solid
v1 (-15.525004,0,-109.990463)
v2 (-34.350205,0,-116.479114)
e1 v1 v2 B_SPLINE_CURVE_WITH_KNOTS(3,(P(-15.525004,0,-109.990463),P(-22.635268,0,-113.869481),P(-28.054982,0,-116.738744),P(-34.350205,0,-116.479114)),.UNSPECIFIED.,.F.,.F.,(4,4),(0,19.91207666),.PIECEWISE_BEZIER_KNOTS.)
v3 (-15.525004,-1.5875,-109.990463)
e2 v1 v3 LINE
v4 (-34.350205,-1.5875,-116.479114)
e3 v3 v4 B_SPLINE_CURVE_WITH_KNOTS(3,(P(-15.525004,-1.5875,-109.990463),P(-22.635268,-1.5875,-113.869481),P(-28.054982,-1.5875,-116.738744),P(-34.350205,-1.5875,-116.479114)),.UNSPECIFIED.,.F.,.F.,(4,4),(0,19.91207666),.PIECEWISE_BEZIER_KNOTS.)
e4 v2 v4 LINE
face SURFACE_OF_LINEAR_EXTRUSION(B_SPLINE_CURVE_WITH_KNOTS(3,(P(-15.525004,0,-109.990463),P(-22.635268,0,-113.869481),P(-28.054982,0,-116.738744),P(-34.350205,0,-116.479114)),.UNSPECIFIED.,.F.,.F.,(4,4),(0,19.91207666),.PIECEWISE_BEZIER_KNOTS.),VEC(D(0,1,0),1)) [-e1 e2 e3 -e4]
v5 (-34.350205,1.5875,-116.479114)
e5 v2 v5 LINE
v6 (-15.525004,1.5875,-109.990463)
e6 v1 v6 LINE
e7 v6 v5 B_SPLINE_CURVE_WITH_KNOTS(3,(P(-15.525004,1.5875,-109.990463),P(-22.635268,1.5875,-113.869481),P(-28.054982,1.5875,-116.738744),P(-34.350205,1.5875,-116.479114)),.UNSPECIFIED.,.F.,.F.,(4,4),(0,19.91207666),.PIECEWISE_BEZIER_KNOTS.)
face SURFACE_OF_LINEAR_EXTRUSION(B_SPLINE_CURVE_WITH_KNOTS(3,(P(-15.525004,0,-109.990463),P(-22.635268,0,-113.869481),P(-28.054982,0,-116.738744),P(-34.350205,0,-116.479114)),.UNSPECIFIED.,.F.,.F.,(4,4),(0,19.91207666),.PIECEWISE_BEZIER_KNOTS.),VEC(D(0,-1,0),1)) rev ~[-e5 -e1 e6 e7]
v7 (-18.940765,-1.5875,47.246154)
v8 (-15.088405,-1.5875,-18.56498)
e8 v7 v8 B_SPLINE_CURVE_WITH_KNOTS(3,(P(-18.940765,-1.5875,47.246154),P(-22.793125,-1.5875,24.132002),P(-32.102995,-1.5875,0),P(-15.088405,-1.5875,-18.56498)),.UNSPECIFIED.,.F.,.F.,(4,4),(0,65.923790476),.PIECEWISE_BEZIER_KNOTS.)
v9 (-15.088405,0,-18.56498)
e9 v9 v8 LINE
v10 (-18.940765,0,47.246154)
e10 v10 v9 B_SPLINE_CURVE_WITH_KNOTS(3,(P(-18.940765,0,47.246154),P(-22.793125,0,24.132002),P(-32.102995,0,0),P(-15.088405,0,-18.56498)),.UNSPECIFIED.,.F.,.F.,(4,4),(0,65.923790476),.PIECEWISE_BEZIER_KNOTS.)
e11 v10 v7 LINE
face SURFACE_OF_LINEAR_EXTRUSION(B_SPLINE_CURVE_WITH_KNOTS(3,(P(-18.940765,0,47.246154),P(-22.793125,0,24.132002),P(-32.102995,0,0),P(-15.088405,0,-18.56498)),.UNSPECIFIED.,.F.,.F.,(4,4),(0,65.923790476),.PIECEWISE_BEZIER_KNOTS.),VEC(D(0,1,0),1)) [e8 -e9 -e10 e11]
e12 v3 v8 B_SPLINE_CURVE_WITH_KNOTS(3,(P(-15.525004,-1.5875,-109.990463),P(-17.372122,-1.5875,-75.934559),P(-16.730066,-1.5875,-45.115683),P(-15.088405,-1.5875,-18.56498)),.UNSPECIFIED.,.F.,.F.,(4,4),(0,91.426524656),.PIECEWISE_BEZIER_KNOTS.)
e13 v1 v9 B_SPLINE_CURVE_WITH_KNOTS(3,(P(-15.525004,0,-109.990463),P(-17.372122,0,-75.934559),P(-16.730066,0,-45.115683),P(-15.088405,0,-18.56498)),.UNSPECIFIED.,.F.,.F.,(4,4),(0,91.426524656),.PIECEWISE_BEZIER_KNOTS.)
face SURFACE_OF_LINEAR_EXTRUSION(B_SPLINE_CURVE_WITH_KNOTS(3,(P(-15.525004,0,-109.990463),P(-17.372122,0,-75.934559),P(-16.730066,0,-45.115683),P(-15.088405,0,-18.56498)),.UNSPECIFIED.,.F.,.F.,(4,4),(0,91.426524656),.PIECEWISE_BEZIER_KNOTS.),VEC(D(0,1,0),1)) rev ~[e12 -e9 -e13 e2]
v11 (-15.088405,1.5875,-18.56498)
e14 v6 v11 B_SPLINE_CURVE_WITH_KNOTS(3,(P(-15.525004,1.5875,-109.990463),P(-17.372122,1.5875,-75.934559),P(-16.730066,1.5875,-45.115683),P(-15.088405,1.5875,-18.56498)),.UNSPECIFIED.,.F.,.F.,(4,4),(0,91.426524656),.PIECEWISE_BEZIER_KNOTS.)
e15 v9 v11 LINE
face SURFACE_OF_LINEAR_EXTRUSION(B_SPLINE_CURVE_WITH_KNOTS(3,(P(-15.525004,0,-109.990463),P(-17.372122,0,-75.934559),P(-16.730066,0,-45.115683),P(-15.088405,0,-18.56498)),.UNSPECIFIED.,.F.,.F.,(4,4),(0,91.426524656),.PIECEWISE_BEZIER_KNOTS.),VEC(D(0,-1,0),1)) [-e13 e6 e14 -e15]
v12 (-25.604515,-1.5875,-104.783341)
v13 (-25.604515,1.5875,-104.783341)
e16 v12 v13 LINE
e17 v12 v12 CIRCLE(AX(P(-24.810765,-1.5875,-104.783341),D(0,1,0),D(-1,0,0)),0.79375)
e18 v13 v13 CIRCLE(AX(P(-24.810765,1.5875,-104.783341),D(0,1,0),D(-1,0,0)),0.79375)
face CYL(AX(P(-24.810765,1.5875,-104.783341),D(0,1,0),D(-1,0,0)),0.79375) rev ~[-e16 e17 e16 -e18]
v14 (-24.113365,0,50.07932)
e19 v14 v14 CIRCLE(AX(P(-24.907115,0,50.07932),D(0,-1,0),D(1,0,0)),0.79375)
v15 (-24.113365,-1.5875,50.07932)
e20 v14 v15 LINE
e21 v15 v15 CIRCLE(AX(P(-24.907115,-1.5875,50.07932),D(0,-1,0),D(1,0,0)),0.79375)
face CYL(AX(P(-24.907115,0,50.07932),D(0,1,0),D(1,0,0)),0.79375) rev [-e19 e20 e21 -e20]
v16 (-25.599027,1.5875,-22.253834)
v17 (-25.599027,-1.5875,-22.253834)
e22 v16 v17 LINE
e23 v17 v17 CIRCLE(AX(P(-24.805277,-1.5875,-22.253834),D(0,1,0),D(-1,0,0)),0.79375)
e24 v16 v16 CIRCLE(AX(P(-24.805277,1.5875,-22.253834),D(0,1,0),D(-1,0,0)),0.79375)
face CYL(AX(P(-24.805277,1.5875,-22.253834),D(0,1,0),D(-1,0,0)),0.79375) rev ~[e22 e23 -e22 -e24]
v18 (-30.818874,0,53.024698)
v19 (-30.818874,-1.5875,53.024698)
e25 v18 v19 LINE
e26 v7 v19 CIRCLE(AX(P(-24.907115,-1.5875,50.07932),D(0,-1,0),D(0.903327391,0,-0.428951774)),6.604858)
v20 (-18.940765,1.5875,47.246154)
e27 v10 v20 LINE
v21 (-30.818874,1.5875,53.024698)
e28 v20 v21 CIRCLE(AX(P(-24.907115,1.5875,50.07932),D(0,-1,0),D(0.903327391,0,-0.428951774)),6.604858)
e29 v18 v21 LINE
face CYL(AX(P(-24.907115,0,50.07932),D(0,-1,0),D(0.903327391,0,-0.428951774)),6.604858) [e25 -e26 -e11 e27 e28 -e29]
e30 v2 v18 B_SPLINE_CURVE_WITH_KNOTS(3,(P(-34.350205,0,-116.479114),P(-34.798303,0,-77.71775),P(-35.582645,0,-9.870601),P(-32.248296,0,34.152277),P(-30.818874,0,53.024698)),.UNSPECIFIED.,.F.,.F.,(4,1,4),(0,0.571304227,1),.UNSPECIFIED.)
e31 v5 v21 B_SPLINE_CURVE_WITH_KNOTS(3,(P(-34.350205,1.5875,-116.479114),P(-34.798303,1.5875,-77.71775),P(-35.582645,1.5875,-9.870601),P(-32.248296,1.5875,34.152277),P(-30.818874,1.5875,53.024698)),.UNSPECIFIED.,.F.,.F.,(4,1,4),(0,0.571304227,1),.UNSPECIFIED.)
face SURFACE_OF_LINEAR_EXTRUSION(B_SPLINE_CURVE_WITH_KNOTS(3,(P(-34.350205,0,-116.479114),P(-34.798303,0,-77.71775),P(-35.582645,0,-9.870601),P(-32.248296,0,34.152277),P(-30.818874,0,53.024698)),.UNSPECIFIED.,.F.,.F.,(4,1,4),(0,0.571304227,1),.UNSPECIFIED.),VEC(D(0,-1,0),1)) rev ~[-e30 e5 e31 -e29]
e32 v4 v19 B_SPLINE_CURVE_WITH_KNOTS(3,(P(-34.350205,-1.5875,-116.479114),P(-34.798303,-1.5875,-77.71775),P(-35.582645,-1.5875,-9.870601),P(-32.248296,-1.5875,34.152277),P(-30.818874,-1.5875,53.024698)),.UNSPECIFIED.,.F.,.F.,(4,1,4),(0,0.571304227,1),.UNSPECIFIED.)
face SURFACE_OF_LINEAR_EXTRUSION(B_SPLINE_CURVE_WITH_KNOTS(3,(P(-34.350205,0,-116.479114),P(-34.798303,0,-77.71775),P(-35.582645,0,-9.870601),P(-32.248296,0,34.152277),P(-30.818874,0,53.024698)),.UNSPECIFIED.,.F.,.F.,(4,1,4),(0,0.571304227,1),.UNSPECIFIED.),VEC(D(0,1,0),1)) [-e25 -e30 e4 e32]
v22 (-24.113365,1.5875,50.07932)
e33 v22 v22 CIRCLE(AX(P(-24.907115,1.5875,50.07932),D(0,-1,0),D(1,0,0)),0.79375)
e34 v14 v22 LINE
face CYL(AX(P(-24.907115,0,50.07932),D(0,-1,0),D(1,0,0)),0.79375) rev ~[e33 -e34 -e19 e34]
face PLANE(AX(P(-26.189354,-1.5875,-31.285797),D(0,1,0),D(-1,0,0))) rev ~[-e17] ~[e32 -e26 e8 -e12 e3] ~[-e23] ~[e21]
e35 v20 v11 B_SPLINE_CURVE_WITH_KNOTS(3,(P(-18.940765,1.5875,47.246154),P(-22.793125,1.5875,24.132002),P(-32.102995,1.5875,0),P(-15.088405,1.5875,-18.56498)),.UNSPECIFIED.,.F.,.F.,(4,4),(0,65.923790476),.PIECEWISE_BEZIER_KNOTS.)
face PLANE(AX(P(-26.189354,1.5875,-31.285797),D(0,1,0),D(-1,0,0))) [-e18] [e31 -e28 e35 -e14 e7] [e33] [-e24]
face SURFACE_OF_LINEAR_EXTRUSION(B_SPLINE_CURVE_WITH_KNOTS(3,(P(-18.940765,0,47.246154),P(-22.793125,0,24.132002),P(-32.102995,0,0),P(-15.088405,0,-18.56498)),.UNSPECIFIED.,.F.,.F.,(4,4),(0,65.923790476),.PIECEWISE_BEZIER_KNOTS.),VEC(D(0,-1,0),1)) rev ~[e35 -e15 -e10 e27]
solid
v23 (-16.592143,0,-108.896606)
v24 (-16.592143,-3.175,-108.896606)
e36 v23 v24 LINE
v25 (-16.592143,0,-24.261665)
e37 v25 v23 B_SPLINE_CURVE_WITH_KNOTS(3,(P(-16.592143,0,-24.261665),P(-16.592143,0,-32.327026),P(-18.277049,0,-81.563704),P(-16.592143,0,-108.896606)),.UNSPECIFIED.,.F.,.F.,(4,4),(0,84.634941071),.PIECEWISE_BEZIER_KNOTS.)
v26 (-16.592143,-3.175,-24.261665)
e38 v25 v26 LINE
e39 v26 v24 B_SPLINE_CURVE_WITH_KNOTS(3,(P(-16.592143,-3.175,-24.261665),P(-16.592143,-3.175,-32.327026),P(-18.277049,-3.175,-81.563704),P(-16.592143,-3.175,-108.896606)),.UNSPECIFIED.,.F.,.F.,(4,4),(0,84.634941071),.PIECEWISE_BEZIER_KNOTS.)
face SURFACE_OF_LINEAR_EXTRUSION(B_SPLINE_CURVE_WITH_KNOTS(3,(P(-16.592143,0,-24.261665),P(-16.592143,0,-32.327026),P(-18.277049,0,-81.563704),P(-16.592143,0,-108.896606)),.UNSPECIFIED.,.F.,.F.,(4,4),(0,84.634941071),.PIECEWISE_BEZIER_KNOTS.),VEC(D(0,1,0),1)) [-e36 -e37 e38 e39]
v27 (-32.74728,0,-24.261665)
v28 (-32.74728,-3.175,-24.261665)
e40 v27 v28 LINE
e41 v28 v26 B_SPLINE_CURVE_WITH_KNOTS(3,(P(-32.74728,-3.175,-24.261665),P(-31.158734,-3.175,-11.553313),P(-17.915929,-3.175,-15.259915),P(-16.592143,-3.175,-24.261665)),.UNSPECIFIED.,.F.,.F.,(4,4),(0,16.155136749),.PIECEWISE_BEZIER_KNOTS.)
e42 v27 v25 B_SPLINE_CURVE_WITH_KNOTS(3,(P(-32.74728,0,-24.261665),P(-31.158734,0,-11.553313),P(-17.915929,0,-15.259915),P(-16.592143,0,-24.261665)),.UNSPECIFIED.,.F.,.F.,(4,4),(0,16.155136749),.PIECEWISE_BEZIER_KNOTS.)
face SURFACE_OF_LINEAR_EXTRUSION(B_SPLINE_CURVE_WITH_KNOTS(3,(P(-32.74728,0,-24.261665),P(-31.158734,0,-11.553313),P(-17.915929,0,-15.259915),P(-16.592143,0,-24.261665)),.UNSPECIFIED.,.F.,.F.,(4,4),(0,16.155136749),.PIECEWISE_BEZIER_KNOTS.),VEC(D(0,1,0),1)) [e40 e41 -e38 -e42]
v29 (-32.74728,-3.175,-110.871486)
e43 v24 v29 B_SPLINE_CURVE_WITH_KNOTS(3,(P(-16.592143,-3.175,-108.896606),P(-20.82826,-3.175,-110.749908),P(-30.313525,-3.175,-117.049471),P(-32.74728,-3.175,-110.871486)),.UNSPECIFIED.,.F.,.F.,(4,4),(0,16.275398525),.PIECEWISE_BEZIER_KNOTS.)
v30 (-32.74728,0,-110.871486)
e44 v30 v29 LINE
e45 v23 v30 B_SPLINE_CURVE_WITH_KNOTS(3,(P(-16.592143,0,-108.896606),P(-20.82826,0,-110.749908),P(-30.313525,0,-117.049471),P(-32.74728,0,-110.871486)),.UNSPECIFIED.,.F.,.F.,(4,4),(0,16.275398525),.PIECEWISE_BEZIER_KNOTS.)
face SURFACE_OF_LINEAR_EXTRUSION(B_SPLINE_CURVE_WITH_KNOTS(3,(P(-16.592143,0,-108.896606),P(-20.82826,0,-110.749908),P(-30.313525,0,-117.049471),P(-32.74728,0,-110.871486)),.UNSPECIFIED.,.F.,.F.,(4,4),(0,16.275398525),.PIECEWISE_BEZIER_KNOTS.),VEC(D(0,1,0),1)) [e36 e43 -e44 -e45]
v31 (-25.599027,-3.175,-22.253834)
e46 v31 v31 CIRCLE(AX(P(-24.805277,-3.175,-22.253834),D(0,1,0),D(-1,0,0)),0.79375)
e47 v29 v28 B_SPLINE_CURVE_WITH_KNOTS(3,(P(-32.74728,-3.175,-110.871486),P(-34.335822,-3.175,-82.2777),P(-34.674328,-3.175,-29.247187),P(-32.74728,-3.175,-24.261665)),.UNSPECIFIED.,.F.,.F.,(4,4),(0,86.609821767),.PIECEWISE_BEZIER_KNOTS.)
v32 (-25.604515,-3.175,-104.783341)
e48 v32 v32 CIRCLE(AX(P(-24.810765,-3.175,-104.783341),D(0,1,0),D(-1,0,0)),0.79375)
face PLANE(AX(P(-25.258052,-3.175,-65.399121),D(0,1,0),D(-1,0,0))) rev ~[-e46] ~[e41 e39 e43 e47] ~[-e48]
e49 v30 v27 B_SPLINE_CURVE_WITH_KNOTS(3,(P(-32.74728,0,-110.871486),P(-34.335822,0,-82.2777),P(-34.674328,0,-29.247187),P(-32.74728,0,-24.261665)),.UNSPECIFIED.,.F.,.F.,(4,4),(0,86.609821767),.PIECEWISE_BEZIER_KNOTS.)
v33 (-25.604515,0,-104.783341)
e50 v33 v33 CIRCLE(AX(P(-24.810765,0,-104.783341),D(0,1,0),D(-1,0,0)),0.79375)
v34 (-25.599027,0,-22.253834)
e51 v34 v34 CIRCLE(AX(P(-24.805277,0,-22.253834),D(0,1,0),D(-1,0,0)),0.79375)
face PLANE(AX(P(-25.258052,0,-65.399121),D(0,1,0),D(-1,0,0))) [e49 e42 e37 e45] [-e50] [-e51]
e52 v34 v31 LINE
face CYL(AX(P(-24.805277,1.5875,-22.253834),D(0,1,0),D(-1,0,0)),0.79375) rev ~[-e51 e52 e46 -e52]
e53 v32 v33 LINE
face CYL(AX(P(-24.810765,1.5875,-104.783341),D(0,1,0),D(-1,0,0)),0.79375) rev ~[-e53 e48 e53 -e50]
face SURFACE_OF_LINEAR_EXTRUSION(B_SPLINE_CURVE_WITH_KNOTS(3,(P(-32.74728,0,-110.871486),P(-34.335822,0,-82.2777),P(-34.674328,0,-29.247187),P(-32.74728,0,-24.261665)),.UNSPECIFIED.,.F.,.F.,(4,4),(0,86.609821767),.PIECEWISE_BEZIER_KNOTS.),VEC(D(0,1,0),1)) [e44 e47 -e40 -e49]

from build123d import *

# Parameters (mm, degrees)
F0_R     = 0.79375
F1_DEPTH = 1.5875
F3_DEPTH = 3.175
F4_R     = 0.79375
F5_DEPTH = 12.7


with BuildPart() as f1:
    # F0 (on Front) → F1 (new body, symmetric)
    with BuildSketch(Plane.XZ):
        with BuildLine():
            add(Edge.make_bspline(
                [(-34.3502052128, -116.479113698), (-34.7983030784, -77.7177502952), (-35.5826450176, -9.87060067), (-32.2482955411, 34.1522766481), (-30.8188740164, 53.0246980488)],
                knots=[0, 0, 0, 0, 0.5713042275, 1, 1, 1, 1], degree=3))
            add(Edge.make_bspline(
                [(-15.5250038952, -109.9904626608), (-22.6352680475, -113.8694807887), (-28.0549824238, -116.7387440801), (-34.3502052128, -116.479113698)],
                knots=[0, 0, 0, 0, 19.9120766605, 19.9120766605, 19.9120766605, 19.9120766605], degree=3))
            add(Edge.make_bspline(
                [(-15.5250038952, -109.9904626608), (-17.3721220344, -75.9345591068), (-16.7300663888, -45.1156832278), (-15.0884054601, -18.5649804771)],
                knots=[0, 0, 0, 0, 91.4265246562, 91.4265246562, 91.4265246562, 91.4265246562], degree=3))
            add(Edge.make_bspline(
                [(-18.9407654107, 47.2461543977), (-22.7931253612, 24.1320021451), (-32.1029946208, 0), (-15.0884054601, -18.5649804771)],
                knots=[0, 0, 0, 0, 65.9237904758, 65.9237904758, 65.9237904758, 65.9237904758], degree=3))
            ThreePointArc((-18.9407654107, 47.2461543977), (-22.0177139024, 56.0186393162), (-30.8188740164, 53.0246980488))
        make_face()
        with Locations((-24.9071146526, 50.0793200016)):
            Circle(F0_R, mode=Mode.SUBTRACT)
    extrude(amount=F1_DEPTH, both=True)


with BuildPart() as f3:
    # F2 (on Front) → F3 (new body)
    with BuildSketch(Plane.XZ):
        with BuildLine():
            add(Edge.make_bspline(
                [(-16.5921431035, -108.8966056705), (-20.8282601088, -110.7499077916), (-30.3135253489, -117.0494705439), (-32.7472798526, -110.8714863658)],
                knots=[0, 0, 0, 0, 16.2753985249, 16.2753985249, 16.2753985249, 16.2753985249], degree=3))
            add(Edge.make_bspline(
                [(-16.5921431035, -24.2616645992), (-16.5921431035, -32.3270261288), (-18.2770490646, -81.5637037158), (-16.5921431035, -108.8966056705)],
                knots=[0, 0, 0, 0, 84.6349410713, 84.6349410713, 84.6349410713, 84.6349410713], degree=3))
            add(Edge.make_bspline(
                [(-32.7472798526, -24.2616645992), (-31.158734113, -11.5533126518), (-17.9159287363, -15.2599150315), (-16.5921431035, -24.2616645992)],
                knots=[0, 0, 0, 0, 16.1551367491, 16.1551367491, 16.1551367491, 16.1551367491], degree=3))
            add(Edge.make_bspline(
                [(-32.7472798526, -110.8714863658), (-34.335821867, -82.277700305), (-34.6743278205, -29.247187078), (-32.7472798526, -24.2616645992)],
                knots=[0, 0, 0, 0, 86.6098217666, 86.6098217666, 86.6098217666, 86.6098217666], degree=3))
        make_face()
    extrude(amount=F3_DEPTH)


with BuildPart() as f5_tool:
    # F4 (on face) → F5 (new body, symmetric)
    with BuildSketch(Plane(origin=(0, 1.5875, 0), x_dir=(-1, 0, 0), z_dir=(0, 1, 0))):
        with Locations((24.8052769176, -22.2538337111)):
            Circle(F4_R)
        with Locations((24.8107649386, -104.7833412886)):
            Circle(F4_R)
    extrude(amount=F5_DEPTH, both=True)


with BuildPart() as f1_1:
    add(f1.part)

    # F5: cut by f5_tool
    add(f5_tool.part, mode=Mode.SUBTRACT)


with BuildPart() as f3_1:
    add(f3.part)

    # F5: cut by f5_tool
    add(f5_tool.part, mode=Mode.SUBTRACT)


solid = Compound([f1_1.part, f3_1.part])
